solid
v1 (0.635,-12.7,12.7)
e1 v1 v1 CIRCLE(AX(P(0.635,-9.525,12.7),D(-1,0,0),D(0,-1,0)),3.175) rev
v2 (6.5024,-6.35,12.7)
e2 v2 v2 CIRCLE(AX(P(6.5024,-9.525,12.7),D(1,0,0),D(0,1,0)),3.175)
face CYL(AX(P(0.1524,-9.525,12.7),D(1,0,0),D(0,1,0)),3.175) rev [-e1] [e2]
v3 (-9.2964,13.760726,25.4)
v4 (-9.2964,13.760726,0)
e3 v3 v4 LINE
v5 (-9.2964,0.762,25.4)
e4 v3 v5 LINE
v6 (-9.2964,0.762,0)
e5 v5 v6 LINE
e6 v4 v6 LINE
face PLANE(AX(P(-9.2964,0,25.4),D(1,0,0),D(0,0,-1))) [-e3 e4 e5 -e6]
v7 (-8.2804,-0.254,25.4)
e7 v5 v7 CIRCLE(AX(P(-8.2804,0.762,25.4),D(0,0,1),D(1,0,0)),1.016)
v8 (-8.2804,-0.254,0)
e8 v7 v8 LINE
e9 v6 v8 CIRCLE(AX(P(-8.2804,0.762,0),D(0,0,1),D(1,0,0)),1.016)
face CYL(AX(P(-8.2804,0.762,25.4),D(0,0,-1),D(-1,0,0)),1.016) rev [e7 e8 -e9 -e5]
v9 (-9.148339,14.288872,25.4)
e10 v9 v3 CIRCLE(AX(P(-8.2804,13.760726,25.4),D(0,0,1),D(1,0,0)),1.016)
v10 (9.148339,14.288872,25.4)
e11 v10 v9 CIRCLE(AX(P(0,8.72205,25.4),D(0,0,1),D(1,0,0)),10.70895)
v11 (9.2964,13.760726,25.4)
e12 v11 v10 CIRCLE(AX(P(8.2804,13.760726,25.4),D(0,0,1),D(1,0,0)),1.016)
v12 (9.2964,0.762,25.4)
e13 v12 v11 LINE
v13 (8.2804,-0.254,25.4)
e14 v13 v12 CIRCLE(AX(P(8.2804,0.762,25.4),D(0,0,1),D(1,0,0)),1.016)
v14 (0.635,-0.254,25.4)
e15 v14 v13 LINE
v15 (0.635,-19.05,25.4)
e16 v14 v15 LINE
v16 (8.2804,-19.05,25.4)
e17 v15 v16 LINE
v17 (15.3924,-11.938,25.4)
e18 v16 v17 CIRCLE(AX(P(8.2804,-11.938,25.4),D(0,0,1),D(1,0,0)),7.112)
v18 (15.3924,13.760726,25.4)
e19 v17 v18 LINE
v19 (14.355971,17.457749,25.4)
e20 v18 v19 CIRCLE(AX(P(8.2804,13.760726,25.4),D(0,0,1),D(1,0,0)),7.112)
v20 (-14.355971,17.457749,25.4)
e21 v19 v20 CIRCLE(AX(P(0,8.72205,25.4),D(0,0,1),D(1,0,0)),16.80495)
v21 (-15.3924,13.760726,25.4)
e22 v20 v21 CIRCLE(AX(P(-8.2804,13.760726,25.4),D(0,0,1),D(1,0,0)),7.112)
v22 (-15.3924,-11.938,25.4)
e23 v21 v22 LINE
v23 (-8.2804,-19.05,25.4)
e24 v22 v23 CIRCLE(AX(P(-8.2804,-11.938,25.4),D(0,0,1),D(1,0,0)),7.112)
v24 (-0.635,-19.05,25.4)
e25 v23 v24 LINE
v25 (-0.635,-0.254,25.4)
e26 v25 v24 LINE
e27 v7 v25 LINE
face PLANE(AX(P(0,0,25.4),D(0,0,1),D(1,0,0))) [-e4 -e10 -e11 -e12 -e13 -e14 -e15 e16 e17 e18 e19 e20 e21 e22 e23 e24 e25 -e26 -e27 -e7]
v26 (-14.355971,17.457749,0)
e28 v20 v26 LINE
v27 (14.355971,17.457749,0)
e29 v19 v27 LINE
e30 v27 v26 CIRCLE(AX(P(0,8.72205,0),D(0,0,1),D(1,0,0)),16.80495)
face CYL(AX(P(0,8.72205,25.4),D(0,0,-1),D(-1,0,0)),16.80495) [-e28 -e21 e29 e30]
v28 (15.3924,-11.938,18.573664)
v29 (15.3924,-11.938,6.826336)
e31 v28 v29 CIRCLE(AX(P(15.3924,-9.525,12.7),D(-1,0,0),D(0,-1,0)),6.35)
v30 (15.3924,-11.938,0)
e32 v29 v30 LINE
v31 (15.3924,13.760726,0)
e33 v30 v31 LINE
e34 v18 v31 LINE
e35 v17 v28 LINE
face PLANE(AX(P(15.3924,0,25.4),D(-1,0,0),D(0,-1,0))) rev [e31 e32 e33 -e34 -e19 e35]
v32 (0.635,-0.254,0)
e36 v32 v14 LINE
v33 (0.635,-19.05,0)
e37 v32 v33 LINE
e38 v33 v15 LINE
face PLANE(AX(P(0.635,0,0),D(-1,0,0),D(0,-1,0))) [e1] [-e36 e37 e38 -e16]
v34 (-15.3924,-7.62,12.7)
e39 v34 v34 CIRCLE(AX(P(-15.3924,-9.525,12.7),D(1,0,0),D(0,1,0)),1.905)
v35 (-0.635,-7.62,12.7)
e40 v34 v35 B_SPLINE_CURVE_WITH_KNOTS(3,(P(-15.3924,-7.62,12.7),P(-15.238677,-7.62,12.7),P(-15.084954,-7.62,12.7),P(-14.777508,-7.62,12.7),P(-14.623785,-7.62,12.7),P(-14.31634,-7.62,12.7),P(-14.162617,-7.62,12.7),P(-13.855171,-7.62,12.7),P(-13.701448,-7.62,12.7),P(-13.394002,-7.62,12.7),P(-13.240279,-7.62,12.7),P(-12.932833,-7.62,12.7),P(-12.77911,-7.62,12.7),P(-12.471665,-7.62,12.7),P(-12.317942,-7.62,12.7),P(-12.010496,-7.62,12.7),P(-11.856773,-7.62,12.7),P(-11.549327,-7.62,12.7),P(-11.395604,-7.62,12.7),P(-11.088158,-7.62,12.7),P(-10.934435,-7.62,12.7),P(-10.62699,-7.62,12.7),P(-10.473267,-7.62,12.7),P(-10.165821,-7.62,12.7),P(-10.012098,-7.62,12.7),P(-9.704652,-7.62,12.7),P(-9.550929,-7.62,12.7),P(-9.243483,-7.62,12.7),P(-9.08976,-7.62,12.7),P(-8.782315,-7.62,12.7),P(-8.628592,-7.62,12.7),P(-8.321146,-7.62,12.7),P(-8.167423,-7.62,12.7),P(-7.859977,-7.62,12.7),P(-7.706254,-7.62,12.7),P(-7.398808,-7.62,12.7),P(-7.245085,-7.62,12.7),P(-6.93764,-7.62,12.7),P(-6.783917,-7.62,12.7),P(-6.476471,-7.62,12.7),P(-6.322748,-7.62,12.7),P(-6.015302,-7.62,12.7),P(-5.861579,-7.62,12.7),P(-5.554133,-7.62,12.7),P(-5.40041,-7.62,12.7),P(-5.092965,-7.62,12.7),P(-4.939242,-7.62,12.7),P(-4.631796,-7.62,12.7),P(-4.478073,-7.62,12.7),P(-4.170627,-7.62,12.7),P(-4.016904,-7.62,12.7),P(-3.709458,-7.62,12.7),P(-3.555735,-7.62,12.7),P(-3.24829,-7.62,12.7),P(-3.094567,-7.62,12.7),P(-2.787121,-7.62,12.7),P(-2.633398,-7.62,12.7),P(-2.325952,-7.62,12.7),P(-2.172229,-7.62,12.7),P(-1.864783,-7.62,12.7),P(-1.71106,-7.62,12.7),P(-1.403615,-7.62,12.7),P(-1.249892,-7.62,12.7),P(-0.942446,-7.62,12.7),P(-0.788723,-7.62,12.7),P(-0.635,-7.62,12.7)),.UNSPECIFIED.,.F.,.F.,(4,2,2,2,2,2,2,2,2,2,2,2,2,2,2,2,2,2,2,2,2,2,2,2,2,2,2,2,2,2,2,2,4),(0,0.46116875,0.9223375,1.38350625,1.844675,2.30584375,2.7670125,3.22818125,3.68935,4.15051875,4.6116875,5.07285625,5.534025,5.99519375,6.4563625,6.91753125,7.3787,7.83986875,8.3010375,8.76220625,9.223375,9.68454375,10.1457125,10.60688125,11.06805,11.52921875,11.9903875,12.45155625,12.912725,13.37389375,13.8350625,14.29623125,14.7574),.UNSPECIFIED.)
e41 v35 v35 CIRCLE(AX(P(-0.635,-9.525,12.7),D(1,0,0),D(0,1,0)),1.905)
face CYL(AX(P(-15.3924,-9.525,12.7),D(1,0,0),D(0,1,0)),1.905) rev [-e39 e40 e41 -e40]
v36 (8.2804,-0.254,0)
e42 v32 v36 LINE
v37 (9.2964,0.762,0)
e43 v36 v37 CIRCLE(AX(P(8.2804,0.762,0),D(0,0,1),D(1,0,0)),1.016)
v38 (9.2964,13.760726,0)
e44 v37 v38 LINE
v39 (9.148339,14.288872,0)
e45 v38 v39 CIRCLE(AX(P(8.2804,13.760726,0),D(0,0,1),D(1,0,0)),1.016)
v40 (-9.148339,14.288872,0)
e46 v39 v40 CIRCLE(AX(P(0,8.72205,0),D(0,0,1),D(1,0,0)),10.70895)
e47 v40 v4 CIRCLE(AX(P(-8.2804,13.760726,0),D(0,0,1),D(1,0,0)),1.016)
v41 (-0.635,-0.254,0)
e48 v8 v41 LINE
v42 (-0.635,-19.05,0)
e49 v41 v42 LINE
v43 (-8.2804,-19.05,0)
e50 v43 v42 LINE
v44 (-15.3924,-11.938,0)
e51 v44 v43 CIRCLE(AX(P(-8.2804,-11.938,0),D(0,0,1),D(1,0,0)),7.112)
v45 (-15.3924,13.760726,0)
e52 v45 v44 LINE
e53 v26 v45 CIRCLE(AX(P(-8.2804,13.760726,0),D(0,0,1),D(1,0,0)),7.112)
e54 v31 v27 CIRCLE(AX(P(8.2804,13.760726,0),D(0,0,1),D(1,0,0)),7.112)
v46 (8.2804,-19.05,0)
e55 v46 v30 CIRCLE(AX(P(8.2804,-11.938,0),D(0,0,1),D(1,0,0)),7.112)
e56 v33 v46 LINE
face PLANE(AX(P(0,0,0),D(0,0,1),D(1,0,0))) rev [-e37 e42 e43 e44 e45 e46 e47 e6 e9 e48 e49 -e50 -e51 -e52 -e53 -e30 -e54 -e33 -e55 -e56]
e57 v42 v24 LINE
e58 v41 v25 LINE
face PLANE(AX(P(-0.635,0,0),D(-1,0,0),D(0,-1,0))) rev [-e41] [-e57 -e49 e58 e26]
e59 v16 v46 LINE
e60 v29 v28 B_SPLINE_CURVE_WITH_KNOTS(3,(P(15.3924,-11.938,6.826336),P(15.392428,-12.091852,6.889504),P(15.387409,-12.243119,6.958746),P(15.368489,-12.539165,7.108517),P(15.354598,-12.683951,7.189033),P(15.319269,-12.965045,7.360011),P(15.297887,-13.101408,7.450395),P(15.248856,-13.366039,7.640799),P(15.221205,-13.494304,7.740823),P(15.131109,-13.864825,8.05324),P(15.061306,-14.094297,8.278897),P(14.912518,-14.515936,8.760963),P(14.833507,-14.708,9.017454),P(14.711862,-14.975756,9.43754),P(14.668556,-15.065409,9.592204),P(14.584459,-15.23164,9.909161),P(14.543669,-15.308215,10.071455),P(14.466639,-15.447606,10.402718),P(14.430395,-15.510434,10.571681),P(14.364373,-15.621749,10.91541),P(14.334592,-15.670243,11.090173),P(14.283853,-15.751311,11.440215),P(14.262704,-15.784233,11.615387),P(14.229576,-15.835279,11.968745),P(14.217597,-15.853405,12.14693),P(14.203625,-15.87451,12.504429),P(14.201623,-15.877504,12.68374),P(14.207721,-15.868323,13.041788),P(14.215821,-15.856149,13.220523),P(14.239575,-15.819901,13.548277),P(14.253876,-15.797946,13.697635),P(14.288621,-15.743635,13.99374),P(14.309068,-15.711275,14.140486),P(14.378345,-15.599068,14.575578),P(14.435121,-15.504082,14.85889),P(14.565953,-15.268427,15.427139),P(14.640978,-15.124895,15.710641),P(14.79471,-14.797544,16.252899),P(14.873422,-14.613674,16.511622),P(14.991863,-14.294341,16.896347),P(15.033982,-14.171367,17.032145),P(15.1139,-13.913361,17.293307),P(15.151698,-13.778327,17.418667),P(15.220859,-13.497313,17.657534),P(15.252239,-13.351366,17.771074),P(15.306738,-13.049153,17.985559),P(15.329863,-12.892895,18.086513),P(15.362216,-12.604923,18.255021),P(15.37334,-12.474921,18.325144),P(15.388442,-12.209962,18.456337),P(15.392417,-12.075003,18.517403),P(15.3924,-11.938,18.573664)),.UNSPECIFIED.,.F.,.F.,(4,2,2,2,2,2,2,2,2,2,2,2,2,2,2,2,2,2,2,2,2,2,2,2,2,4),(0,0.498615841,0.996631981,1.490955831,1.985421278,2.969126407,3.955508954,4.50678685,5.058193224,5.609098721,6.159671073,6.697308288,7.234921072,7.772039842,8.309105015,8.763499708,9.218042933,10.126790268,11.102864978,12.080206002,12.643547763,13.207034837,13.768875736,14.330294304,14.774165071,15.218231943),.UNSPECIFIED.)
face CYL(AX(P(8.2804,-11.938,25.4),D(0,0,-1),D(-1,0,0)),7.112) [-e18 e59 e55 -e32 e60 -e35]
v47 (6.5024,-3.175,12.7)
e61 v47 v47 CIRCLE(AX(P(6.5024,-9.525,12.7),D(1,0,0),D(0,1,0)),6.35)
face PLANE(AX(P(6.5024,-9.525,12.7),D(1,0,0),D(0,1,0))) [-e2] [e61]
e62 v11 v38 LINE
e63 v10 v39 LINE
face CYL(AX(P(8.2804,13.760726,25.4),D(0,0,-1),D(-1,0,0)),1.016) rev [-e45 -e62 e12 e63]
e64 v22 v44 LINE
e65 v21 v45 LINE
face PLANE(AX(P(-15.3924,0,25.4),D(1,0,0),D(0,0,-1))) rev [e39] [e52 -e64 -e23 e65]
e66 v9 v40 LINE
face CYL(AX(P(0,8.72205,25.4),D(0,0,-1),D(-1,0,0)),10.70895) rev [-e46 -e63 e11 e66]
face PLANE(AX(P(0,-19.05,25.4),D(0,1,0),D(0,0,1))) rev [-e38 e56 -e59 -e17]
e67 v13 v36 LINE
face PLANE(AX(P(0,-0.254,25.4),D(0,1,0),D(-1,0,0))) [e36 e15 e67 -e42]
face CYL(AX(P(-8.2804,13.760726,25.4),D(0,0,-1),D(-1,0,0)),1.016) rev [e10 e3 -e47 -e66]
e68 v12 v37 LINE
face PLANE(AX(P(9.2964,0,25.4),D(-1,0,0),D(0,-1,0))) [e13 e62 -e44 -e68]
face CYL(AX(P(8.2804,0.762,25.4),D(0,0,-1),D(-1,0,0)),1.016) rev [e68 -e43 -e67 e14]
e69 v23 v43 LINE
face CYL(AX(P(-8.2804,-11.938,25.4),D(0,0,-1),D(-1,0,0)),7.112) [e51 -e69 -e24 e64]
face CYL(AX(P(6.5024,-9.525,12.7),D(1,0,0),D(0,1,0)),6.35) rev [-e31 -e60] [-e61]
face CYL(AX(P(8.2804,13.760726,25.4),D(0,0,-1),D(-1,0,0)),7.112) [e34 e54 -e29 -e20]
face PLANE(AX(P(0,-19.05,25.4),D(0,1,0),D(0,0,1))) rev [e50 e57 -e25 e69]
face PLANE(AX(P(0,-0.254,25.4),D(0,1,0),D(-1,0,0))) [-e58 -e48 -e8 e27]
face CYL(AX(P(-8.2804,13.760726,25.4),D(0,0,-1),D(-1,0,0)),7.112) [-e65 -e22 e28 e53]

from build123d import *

# Parameters (mm, degrees)
BOSS_EXTRUDE1_DEPTH = 25.4
SKETCH2_R           = 6.35
CUT_EXTRUDE1_DEPTH  = 8.89
SKETCH3_R           = 3.175
CUT_EXTRUDE2_DEPTH  = 6.35
SKETCH4_W           = 0.635
SKETCH4_H           = 18.796
CUT_EXTRUDE3_DEPTH  = 40.162657148
SKETCH5_R           = 1.905
CUT_EXTRUDE4_DEPTH  = 40.416561089


with BuildPart() as part:
    # Sketch1 → Boss-Extrude1 (new body)
    with BuildSketch(Plane.XY):
        with BuildLine():
            ThreePointArc((-14.355971037, 17.457748951), (-15.128392597, 15.680502137), (-15.3924, 13.760725746))
            Line((-15.3924, 13.760725746), (-15.3924, 0.762))
            Line((-15.3924, 0.762), (-15.3924, -11.938))
            ThreePointArc((-15.3924, -11.938), (-13.309343428, -16.966943428), (-8.2804, -19.05))
            Line((-8.2804, -19.05), (8.2804, -19.05))
            ThreePointArc((8.2804, -19.05), (13.309343428, -16.966943428), (15.3924, -11.938))
            Line((15.3924, -11.938), (15.3924, 0.762))
            Line((15.3924, 0.762), (15.3924, 13.760725746))
            ThreePointArc((15.3924, 13.760725746), (15.128392597, 15.680502137), (14.355971037, 17.457748951))
            ThreePointArc((14.355971037, 17.457748951), (0, 25.527), (-14.355971037, 17.457748951))
        make_face()
        with BuildLine():
            Line((-9.2964, 0.762), (-9.2964, 13.760725746))
            ThreePointArc((-9.2964, 13.760725746), (-9.258684657, 14.034979516), (-9.14833872, 14.288871918))
            ThreePointArc((-9.14833872, 14.288871918), (0, 19.431), (9.14833872, 14.288871918))
            ThreePointArc((9.14833872, 14.288871918), (9.258684657, 14.034979516), (9.2964, 13.760725746))
            Line((9.2964, 13.760725746), (9.2964, 0.762))
            ThreePointArc((9.2964, 0.762), (8.99882049, 0.04357951), (8.2804, -0.254))
            Line((8.2804, -0.254), (-8.2804, -0.254))
            ThreePointArc((-8.2804, -0.254), (-8.99882049, 0.04357951), (-9.2964, 0.762))
        make_face(mode=Mode.SUBTRACT)
    extrude(amount=BOSS_EXTRUDE1_DEPTH)

    # Sketch2 → Cut-Extrude1 (cut)
    with BuildSketch(Plane(origin=(15.3924, 0, 0), x_dir=(0, 0, -1), z_dir=(1, 0, 0))):
        with Locations(Location((-12.7, -9.525, 0), (0, 0, 90))):
            Circle(SKETCH2_R)
    extrude(amount=-CUT_EXTRUDE1_DEPTH, mode=Mode.SUBTRACT)

    # Sketch3 → Cut-Extrude2 (cut)
    with BuildSketch(Plane(origin=(6.5024, 0, 0), x_dir=(0, 0, -1), z_dir=(1, 0, 0))):
        with Locations(Location((-12.7, -9.525, 0), (0, 0, 90))):
            Circle(SKETCH3_R)
    extrude(amount=-CUT_EXTRUDE2_DEPTH, mode=Mode.SUBTRACT)

    # Sketch4 → Cut-Extrude3 (cut, through all)
    with BuildSketch(Plane.XY.offset(25.4)):
        with Locations((0.3175, -9.652)):
            Rectangle(SKETCH4_W, SKETCH4_H)
        with Locations((-0.3175, -9.652)):
            Rectangle(SKETCH4_W, SKETCH4_H)
    extrude(amount=-CUT_EXTRUDE3_DEPTH, mode=Mode.SUBTRACT)

    # Sketch5 → Cut-Extrude4 (cut, through all)
    with BuildSketch(Plane(origin=(-0.635, 0, 0), x_dir=(0, 0, -1), z_dir=(1, 0, 0))):
        with Locations(Location((-12.7, -9.525, 0), (0, 0, 90))):
            Circle(SKETCH5_R)
    extrude(amount=-CUT_EXTRUDE4_DEPTH, mode=Mode.SUBTRACT)


solid = part.part
